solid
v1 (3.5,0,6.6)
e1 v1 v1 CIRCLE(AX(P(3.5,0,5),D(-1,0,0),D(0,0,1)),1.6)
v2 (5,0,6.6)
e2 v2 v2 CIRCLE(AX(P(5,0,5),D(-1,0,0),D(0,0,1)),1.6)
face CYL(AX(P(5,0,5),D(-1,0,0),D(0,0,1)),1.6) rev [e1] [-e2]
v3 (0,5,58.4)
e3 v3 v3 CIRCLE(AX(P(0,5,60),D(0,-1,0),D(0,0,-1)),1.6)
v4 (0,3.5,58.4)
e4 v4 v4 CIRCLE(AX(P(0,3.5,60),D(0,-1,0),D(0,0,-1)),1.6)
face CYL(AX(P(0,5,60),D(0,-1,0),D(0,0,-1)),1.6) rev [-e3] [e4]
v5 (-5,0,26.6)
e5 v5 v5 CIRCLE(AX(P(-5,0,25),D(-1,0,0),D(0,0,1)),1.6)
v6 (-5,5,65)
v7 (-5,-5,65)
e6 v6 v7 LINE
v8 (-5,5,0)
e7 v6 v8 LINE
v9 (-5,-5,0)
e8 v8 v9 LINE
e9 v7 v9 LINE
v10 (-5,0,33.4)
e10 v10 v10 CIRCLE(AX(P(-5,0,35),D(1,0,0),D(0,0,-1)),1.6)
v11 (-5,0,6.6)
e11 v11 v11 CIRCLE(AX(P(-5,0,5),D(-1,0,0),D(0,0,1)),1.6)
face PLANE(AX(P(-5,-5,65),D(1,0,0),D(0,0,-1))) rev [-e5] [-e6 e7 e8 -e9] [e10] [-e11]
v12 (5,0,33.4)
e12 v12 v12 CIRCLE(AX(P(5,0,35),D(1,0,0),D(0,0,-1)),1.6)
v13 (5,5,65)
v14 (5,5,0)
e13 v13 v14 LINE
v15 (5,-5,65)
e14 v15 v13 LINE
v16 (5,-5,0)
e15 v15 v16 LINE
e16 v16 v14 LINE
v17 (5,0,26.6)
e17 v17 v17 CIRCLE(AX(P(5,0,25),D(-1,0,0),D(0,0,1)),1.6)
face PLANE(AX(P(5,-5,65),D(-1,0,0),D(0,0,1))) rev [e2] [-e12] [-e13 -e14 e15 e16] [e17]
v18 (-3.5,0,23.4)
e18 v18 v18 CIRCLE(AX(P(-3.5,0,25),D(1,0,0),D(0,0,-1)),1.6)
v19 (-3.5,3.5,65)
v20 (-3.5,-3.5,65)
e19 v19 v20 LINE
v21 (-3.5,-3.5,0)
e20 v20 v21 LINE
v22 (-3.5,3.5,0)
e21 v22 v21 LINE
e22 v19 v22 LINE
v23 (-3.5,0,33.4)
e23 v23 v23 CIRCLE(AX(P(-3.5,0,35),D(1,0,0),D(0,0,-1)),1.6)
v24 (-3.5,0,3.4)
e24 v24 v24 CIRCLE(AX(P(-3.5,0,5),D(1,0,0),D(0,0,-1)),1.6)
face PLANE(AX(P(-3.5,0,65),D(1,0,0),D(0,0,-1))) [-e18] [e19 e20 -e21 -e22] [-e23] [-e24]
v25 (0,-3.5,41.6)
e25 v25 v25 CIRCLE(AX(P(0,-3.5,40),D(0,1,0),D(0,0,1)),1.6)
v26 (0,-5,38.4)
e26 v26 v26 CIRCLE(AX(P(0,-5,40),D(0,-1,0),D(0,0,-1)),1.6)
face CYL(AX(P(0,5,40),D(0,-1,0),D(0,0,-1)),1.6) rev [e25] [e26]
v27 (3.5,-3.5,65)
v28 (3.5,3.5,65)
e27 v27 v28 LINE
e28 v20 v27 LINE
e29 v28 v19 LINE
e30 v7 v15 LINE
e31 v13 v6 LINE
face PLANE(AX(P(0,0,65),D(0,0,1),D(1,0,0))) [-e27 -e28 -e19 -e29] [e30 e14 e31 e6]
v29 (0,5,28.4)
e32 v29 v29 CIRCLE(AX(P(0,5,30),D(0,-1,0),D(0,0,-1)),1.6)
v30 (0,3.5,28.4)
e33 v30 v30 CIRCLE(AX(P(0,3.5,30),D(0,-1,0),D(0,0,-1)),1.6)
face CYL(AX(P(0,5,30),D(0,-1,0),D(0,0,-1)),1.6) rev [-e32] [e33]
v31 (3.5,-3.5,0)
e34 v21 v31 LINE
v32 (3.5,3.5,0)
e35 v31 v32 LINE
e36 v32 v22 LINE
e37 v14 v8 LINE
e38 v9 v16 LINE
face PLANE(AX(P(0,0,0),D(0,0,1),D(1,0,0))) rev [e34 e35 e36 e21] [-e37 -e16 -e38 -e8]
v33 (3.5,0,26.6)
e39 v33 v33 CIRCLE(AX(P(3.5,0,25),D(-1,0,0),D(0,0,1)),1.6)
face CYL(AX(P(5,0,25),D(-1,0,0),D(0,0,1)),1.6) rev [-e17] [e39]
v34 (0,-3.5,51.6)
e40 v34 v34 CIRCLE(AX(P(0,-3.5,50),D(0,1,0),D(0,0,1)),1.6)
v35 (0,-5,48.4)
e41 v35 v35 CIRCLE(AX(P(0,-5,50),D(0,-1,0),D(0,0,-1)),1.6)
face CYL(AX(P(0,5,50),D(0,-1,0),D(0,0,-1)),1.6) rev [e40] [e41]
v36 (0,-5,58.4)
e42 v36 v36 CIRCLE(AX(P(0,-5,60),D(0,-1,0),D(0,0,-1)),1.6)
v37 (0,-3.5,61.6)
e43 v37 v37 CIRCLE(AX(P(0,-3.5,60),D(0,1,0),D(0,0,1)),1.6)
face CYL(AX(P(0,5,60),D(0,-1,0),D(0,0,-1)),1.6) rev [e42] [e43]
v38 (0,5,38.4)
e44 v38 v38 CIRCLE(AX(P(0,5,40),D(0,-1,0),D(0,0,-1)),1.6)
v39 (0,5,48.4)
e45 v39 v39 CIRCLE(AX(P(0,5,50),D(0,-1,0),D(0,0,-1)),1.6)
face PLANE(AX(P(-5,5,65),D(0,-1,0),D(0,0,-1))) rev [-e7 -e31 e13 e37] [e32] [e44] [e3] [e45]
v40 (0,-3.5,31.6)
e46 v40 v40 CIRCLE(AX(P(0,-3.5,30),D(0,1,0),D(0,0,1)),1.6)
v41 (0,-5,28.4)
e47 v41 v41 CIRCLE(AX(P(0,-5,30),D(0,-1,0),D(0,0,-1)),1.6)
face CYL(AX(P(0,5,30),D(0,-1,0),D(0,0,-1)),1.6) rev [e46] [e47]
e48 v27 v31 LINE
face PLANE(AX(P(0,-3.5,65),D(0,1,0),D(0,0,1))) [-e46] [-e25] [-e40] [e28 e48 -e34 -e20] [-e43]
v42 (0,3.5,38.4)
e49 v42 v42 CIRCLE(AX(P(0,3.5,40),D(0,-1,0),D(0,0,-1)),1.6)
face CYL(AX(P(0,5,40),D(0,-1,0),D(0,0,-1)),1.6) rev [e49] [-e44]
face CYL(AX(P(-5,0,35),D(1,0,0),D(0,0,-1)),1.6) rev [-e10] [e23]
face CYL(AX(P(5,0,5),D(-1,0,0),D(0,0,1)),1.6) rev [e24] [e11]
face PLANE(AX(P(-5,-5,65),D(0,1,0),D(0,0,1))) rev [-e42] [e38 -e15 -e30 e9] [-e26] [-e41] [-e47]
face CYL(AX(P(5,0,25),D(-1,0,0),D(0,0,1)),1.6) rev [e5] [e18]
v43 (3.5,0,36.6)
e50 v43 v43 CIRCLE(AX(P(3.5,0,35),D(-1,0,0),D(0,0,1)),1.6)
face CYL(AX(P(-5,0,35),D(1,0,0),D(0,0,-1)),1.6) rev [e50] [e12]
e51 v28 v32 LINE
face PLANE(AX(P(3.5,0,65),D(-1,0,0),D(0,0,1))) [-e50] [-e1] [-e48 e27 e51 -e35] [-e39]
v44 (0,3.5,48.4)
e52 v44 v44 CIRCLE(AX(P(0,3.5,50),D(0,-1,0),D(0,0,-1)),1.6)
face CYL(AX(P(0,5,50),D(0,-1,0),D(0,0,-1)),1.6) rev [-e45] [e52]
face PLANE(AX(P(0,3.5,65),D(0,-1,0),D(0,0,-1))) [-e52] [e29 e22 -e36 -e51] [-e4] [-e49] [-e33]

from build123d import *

# Parameters (mm, degrees)
SKETCH_1_W          = 10
SKETCH_1_H          = 10
SKETCH_1_W_2        = 7
SKETCH_1_H_2        = 7
EXTRUDE_1_DEPTH     = 65
SKETCH_3_R          = 1.6
CUT_EXTRUDE_1_DEPTH = 66.954529791
SKETCH_4_R          = 1.6
CUT_EXTRUDE_2_DEPTH = 66.954529791
SKETCH_5_R          = 1.6
CUT_EXTRUDE_3_DEPTH = 66.954529791


with BuildPart() as part:
    # ｽｹｯﾁ1 → 押し出し-薄板1 (new body)
    with BuildSketch(Plane.XY):
        Rectangle(SKETCH_1_W, SKETCH_1_H)
        Rectangle(SKETCH_1_W_2, SKETCH_1_H_2, mode=Mode.SUBTRACT)
    extrude(amount=EXTRUDE_1_DEPTH)

    # ｽｹｯﾁ3 → ｶｯﾄ - 押し出し1 (cut, through all)
    with BuildSketch(Plane.ZY.offset(5)):
        with Locations((5, 0)):
            Circle(SKETCH_3_R)
        with Locations((25, 0)):
            Circle(SKETCH_3_R)
    extrude(amount=-CUT_EXTRUDE_1_DEPTH, mode=Mode.SUBTRACT)

    # ｽｹｯﾁ4 → ｶｯﾄ - 押し出し2 (cut, through all)
    with BuildSketch(Plane.XZ.offset(5)):
        with Locations(Location((0, 30, 0), (0, 0, 270))):
            Circle(SKETCH_4_R)
        with Locations(Location((0, 40, 0), (0, 0, 270))):
            Circle(SKETCH_4_R)
        with Locations(Location((0, 50, 0), (0, 0, 270))):
            Circle(SKETCH_4_R)
        with Locations(Location((0, 60, 0), (0, 0, 270))):
            Circle(SKETCH_4_R)
    extrude(amount=-CUT_EXTRUDE_2_DEPTH, mode=Mode.SUBTRACT)

    # ｽｹｯﾁ5 → ｶｯﾄ - 押し出し3 (cut, through all)
    with BuildSketch(Plane(origin=(5, 0, 0), x_dir=(0, 0, -1), z_dir=(1, 0, 0))):
        with Locations((-35, 0)):
            Circle(SKETCH_5_R)
    extrude(amount=-CUT_EXTRUDE_3_DEPTH, mode=Mode.SUBTRACT)


solid = part.part
